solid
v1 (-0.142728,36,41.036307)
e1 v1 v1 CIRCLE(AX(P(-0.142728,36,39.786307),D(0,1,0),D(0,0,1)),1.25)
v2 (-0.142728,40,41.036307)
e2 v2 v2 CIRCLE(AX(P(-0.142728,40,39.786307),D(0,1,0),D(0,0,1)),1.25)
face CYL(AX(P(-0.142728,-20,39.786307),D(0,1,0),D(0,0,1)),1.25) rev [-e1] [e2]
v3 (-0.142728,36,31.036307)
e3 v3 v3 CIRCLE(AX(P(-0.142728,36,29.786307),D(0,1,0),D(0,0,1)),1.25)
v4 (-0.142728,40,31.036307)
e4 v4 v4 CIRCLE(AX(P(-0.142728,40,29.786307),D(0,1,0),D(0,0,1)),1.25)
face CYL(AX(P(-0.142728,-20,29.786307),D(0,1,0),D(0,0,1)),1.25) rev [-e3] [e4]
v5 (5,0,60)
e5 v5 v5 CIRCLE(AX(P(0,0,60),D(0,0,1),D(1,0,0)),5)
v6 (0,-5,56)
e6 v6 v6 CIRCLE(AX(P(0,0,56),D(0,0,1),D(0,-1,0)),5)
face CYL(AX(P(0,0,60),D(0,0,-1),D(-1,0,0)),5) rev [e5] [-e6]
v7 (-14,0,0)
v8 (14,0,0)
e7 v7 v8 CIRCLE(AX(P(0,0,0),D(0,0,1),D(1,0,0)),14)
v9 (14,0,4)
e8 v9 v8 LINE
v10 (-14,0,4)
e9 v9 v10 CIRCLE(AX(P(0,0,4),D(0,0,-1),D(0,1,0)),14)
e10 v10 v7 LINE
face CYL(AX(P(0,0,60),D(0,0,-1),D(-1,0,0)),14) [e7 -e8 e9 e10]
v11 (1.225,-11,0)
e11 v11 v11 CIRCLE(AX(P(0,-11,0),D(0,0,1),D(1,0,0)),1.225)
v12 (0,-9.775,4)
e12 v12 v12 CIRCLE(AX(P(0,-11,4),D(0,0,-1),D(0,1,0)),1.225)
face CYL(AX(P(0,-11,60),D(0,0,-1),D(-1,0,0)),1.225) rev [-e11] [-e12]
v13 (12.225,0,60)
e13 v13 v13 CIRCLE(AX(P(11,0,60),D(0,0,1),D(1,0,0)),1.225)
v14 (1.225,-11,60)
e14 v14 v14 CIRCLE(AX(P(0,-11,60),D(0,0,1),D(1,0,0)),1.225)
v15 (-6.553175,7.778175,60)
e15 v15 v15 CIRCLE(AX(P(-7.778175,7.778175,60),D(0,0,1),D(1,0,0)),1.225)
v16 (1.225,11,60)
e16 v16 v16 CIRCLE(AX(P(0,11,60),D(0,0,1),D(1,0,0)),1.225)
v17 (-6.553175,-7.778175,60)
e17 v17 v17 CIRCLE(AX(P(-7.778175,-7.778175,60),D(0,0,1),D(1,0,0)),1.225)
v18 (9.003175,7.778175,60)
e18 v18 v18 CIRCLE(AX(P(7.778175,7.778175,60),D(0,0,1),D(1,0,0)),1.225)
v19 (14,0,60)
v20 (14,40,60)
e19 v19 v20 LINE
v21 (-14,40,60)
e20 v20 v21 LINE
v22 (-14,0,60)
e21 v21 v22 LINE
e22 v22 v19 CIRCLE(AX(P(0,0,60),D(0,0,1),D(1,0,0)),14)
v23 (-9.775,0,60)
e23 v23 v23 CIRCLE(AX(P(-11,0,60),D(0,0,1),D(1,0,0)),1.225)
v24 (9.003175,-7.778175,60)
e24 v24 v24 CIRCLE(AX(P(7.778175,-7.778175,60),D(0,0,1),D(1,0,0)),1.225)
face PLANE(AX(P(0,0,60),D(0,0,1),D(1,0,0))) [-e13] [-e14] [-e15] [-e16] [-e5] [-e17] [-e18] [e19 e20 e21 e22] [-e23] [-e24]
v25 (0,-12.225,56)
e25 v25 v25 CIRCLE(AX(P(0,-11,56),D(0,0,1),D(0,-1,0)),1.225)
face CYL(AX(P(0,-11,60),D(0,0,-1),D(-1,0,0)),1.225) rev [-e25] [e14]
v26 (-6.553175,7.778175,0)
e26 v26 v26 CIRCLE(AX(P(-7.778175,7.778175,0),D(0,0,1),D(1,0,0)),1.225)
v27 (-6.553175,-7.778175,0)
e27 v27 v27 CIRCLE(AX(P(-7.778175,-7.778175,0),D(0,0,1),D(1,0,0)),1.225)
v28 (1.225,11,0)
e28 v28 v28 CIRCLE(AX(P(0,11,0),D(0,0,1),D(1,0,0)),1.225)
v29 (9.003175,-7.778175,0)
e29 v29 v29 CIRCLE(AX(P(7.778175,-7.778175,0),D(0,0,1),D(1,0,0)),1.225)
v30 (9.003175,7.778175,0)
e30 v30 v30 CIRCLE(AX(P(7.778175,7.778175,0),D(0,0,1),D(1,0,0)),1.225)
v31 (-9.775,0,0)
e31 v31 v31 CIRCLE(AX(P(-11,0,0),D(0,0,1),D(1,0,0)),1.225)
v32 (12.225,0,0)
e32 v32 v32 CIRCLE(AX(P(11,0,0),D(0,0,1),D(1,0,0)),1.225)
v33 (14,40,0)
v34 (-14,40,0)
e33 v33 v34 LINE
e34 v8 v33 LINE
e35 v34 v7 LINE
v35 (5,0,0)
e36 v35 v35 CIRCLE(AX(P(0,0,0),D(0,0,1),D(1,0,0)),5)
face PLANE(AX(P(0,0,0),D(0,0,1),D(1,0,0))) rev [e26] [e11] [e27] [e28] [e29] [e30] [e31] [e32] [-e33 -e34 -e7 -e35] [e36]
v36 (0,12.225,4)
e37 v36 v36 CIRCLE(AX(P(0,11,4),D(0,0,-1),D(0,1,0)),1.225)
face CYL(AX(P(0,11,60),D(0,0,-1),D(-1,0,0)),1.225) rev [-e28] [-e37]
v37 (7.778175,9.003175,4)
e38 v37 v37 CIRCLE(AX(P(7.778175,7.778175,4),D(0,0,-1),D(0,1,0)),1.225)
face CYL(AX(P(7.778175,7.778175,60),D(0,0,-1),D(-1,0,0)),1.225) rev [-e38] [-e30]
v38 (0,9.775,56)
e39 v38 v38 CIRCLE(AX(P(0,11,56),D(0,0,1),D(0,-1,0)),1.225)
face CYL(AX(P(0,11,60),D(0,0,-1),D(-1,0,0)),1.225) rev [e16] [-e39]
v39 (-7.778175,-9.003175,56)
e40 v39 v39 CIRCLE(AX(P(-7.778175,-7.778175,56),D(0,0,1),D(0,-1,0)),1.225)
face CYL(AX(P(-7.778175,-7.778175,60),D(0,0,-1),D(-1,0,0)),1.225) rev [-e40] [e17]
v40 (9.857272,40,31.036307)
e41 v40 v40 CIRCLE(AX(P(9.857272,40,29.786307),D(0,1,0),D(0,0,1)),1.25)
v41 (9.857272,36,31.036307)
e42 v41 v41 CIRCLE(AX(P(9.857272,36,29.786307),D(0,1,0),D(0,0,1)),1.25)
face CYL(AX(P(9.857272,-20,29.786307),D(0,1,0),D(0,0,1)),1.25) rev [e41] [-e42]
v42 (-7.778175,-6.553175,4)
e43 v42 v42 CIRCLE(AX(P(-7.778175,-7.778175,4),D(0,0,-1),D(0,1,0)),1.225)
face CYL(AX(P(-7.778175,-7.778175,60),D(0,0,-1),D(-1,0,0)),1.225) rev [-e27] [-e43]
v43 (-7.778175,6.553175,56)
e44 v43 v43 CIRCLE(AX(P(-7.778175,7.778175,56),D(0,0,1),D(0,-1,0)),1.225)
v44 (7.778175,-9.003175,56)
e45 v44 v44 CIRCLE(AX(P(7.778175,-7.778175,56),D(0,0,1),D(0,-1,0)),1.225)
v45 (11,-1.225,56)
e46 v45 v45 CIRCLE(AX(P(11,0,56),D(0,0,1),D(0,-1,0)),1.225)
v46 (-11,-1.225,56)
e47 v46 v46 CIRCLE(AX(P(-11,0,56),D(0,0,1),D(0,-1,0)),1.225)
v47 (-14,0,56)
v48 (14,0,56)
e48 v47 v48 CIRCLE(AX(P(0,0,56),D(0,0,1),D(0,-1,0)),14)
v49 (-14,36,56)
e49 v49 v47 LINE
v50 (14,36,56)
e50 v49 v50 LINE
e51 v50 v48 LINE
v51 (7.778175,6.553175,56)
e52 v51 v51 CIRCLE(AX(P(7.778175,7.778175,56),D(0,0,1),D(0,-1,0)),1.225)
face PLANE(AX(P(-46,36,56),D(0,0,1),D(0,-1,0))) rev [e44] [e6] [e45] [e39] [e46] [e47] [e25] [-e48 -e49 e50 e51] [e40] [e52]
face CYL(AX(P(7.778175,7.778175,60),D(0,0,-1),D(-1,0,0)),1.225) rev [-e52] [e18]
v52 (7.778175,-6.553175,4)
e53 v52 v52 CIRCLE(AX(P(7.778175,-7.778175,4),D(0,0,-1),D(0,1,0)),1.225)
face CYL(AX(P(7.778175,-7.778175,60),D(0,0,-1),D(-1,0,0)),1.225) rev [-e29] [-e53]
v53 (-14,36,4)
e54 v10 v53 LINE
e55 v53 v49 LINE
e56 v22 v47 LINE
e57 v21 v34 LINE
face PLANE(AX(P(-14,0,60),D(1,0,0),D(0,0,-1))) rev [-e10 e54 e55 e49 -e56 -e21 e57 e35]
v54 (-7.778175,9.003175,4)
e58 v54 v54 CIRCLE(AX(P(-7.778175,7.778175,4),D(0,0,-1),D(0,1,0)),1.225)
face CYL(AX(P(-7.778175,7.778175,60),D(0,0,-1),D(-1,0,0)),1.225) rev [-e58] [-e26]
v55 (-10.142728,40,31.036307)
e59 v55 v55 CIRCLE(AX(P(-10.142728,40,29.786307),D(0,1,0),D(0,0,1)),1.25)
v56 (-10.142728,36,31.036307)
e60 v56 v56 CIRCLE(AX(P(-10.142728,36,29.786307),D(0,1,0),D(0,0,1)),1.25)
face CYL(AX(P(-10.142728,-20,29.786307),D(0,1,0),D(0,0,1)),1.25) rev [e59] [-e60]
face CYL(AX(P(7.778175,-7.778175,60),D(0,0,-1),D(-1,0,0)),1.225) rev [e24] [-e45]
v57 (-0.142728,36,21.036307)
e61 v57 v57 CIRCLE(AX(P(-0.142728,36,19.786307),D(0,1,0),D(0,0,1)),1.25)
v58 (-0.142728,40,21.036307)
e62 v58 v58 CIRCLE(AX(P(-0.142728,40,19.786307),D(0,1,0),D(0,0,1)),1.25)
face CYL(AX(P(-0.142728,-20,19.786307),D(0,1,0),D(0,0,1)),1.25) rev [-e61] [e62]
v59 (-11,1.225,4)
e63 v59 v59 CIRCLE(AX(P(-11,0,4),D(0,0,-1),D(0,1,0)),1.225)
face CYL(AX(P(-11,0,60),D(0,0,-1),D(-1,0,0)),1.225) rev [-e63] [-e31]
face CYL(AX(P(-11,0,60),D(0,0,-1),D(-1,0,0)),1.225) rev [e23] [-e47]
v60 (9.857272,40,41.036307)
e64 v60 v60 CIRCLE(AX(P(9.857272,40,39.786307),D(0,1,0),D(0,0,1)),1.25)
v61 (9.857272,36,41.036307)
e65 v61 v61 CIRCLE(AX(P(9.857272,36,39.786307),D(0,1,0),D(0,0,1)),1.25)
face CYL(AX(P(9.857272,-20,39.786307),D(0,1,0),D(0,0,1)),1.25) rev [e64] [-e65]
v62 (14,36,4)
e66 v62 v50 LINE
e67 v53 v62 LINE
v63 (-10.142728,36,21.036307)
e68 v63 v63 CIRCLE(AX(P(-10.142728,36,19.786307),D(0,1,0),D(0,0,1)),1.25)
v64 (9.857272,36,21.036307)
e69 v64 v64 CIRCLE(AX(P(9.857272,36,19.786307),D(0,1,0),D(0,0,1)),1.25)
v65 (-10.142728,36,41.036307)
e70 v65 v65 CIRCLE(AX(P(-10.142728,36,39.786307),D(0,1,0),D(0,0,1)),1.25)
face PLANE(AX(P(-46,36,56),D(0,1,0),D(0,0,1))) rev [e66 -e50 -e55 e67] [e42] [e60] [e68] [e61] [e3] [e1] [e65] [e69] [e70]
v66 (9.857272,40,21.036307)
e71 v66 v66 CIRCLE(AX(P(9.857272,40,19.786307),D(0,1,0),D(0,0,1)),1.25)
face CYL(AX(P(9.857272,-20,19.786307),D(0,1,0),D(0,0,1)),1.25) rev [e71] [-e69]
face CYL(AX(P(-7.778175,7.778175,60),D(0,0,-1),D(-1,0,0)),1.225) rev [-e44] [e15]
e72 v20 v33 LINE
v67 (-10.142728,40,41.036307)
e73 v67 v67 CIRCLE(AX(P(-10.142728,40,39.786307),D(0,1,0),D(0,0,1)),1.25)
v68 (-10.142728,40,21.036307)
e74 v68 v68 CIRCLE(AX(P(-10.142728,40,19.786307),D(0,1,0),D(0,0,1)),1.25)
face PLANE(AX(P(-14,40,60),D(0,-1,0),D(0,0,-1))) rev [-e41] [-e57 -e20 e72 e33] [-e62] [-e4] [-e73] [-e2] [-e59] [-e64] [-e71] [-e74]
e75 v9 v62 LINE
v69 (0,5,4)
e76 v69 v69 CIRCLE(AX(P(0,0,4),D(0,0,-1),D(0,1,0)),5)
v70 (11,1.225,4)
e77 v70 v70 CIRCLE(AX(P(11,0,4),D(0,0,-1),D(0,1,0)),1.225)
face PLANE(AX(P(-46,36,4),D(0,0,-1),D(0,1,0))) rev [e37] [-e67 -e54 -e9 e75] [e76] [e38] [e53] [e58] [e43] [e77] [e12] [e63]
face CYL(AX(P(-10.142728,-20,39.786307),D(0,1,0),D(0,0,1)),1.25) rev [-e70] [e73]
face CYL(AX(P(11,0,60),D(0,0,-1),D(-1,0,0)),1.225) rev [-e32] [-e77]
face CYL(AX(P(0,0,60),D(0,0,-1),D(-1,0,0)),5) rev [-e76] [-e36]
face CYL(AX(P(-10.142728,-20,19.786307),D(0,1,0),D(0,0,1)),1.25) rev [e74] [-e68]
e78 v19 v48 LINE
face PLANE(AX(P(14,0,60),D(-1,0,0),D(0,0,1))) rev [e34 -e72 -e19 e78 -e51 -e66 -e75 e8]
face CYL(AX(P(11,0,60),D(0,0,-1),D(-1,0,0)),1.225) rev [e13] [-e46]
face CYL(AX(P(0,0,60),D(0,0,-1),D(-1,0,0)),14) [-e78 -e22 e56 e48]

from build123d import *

# Parameters (mm, degrees)
SKETCH_2_R          = 5
SKETCH_2_R_2        = 1.225
EXTRUDE_1_DEPTH     = 60
SKETCH_9_W          = 52
SKETCH_9_H          = 50
CUT_EXTRUDE_1_DEPTH = 60
SKETCH_11_R         = 1.25
CUT_EXTRUDE_3_DEPTH = 60


with BuildPart() as part:
    # 스케치2 → 보스-돌출1 (new body)
    with BuildSketch(Plane.XY):
        with BuildLine():
            Line((-14, 0), (-14, 40))
            Line((-14, 40), (14, 40))
            Line((14, 40), (14, 0))
            ThreePointArc((14, 0), (0, -14), (-14, 0))
        make_face()
        Circle(SKETCH_2_R, mode=Mode.SUBTRACT)
        with Locations((0, 11)):
            Circle(SKETCH_2_R_2, mode=Mode.SUBTRACT)
        with Locations((7.778174593, 7.778174593)):
            Circle(SKETCH_2_R_2, mode=Mode.SUBTRACT)
        with Locations((11, 0)):
            Circle(SKETCH_2_R_2, mode=Mode.SUBTRACT)
        with Locations((7.778174593, -7.778174593)):
            Circle(SKETCH_2_R_2, mode=Mode.SUBTRACT)
        with Locations((0, -11)):
            Circle(SKETCH_2_R_2, mode=Mode.SUBTRACT)
        with Locations((-7.778174593, -7.778174593)):
            Circle(SKETCH_2_R_2, mode=Mode.SUBTRACT)
        with Locations((-11, 0)):
            Circle(SKETCH_2_R_2, mode=Mode.SUBTRACT)
        with Locations((-7.778174593, 7.778174593)):
            Circle(SKETCH_2_R_2, mode=Mode.SUBTRACT)
    extrude(amount=EXTRUDE_1_DEPTH)

    # 스케치9 → 컷-돌출1 (cut)
    with BuildSketch(Plane(origin=(14, 0, 0), x_dir=(0, 0, -1), z_dir=(1, 0, 0))):
        with Locations((-30, 11)):
            Rectangle(SKETCH_9_W, SKETCH_9_H)
    extrude(amount=-CUT_EXTRUDE_1_DEPTH, mode=Mode.SUBTRACT)

    # 스케치11 → 컷-돌출3 (cut)
    with BuildSketch(Plane(origin=(0, 40, 0), x_dir=(1, 0, 0), z_dir=(0, 1, 0))):
        with Locations(Location((-10.142727679, -39.786307008, 0), (0, 0, 270))):
            Circle(SKETCH_11_R)
        with Locations(Location((-10.142727679, -19.786307008, 0), (0, 0, 270))):
            Circle(SKETCH_11_R)
        with Locations(Location((-10.142727679, -29.786307008, 0), (0, 0, 270))):
            Circle(SKETCH_11_R)
        with Locations(Location((-0.142727679, -39.786307008, 0), (0, 0, 270))):
            Circle(SKETCH_11_R)
        with Locations(Location((-0.142727679, -29.786307008, 0), (0, 0, 270))):
            Circle(SKETCH_11_R)
        with Locations(Location((-0.142727679, -19.786307008, 0), (0, 0, 270))):
            Circle(SKETCH_11_R)
        with Locations(Location((9.857272321, -19.786307008, 0), (0, 0, 270))):
            Circle(SKETCH_11_R)
        with Locations(Location((9.857272321, -29.786307008, 0), (0, 0, 270))):
            Circle(SKETCH_11_R)
        with Locations(Location((9.857272321, -39.786307008, 0), (0, 0, 270))):
            Circle(SKETCH_11_R)
    extrude(amount=-CUT_EXTRUDE_3_DEPTH, mode=Mode.SUBTRACT)


solid = part.part
